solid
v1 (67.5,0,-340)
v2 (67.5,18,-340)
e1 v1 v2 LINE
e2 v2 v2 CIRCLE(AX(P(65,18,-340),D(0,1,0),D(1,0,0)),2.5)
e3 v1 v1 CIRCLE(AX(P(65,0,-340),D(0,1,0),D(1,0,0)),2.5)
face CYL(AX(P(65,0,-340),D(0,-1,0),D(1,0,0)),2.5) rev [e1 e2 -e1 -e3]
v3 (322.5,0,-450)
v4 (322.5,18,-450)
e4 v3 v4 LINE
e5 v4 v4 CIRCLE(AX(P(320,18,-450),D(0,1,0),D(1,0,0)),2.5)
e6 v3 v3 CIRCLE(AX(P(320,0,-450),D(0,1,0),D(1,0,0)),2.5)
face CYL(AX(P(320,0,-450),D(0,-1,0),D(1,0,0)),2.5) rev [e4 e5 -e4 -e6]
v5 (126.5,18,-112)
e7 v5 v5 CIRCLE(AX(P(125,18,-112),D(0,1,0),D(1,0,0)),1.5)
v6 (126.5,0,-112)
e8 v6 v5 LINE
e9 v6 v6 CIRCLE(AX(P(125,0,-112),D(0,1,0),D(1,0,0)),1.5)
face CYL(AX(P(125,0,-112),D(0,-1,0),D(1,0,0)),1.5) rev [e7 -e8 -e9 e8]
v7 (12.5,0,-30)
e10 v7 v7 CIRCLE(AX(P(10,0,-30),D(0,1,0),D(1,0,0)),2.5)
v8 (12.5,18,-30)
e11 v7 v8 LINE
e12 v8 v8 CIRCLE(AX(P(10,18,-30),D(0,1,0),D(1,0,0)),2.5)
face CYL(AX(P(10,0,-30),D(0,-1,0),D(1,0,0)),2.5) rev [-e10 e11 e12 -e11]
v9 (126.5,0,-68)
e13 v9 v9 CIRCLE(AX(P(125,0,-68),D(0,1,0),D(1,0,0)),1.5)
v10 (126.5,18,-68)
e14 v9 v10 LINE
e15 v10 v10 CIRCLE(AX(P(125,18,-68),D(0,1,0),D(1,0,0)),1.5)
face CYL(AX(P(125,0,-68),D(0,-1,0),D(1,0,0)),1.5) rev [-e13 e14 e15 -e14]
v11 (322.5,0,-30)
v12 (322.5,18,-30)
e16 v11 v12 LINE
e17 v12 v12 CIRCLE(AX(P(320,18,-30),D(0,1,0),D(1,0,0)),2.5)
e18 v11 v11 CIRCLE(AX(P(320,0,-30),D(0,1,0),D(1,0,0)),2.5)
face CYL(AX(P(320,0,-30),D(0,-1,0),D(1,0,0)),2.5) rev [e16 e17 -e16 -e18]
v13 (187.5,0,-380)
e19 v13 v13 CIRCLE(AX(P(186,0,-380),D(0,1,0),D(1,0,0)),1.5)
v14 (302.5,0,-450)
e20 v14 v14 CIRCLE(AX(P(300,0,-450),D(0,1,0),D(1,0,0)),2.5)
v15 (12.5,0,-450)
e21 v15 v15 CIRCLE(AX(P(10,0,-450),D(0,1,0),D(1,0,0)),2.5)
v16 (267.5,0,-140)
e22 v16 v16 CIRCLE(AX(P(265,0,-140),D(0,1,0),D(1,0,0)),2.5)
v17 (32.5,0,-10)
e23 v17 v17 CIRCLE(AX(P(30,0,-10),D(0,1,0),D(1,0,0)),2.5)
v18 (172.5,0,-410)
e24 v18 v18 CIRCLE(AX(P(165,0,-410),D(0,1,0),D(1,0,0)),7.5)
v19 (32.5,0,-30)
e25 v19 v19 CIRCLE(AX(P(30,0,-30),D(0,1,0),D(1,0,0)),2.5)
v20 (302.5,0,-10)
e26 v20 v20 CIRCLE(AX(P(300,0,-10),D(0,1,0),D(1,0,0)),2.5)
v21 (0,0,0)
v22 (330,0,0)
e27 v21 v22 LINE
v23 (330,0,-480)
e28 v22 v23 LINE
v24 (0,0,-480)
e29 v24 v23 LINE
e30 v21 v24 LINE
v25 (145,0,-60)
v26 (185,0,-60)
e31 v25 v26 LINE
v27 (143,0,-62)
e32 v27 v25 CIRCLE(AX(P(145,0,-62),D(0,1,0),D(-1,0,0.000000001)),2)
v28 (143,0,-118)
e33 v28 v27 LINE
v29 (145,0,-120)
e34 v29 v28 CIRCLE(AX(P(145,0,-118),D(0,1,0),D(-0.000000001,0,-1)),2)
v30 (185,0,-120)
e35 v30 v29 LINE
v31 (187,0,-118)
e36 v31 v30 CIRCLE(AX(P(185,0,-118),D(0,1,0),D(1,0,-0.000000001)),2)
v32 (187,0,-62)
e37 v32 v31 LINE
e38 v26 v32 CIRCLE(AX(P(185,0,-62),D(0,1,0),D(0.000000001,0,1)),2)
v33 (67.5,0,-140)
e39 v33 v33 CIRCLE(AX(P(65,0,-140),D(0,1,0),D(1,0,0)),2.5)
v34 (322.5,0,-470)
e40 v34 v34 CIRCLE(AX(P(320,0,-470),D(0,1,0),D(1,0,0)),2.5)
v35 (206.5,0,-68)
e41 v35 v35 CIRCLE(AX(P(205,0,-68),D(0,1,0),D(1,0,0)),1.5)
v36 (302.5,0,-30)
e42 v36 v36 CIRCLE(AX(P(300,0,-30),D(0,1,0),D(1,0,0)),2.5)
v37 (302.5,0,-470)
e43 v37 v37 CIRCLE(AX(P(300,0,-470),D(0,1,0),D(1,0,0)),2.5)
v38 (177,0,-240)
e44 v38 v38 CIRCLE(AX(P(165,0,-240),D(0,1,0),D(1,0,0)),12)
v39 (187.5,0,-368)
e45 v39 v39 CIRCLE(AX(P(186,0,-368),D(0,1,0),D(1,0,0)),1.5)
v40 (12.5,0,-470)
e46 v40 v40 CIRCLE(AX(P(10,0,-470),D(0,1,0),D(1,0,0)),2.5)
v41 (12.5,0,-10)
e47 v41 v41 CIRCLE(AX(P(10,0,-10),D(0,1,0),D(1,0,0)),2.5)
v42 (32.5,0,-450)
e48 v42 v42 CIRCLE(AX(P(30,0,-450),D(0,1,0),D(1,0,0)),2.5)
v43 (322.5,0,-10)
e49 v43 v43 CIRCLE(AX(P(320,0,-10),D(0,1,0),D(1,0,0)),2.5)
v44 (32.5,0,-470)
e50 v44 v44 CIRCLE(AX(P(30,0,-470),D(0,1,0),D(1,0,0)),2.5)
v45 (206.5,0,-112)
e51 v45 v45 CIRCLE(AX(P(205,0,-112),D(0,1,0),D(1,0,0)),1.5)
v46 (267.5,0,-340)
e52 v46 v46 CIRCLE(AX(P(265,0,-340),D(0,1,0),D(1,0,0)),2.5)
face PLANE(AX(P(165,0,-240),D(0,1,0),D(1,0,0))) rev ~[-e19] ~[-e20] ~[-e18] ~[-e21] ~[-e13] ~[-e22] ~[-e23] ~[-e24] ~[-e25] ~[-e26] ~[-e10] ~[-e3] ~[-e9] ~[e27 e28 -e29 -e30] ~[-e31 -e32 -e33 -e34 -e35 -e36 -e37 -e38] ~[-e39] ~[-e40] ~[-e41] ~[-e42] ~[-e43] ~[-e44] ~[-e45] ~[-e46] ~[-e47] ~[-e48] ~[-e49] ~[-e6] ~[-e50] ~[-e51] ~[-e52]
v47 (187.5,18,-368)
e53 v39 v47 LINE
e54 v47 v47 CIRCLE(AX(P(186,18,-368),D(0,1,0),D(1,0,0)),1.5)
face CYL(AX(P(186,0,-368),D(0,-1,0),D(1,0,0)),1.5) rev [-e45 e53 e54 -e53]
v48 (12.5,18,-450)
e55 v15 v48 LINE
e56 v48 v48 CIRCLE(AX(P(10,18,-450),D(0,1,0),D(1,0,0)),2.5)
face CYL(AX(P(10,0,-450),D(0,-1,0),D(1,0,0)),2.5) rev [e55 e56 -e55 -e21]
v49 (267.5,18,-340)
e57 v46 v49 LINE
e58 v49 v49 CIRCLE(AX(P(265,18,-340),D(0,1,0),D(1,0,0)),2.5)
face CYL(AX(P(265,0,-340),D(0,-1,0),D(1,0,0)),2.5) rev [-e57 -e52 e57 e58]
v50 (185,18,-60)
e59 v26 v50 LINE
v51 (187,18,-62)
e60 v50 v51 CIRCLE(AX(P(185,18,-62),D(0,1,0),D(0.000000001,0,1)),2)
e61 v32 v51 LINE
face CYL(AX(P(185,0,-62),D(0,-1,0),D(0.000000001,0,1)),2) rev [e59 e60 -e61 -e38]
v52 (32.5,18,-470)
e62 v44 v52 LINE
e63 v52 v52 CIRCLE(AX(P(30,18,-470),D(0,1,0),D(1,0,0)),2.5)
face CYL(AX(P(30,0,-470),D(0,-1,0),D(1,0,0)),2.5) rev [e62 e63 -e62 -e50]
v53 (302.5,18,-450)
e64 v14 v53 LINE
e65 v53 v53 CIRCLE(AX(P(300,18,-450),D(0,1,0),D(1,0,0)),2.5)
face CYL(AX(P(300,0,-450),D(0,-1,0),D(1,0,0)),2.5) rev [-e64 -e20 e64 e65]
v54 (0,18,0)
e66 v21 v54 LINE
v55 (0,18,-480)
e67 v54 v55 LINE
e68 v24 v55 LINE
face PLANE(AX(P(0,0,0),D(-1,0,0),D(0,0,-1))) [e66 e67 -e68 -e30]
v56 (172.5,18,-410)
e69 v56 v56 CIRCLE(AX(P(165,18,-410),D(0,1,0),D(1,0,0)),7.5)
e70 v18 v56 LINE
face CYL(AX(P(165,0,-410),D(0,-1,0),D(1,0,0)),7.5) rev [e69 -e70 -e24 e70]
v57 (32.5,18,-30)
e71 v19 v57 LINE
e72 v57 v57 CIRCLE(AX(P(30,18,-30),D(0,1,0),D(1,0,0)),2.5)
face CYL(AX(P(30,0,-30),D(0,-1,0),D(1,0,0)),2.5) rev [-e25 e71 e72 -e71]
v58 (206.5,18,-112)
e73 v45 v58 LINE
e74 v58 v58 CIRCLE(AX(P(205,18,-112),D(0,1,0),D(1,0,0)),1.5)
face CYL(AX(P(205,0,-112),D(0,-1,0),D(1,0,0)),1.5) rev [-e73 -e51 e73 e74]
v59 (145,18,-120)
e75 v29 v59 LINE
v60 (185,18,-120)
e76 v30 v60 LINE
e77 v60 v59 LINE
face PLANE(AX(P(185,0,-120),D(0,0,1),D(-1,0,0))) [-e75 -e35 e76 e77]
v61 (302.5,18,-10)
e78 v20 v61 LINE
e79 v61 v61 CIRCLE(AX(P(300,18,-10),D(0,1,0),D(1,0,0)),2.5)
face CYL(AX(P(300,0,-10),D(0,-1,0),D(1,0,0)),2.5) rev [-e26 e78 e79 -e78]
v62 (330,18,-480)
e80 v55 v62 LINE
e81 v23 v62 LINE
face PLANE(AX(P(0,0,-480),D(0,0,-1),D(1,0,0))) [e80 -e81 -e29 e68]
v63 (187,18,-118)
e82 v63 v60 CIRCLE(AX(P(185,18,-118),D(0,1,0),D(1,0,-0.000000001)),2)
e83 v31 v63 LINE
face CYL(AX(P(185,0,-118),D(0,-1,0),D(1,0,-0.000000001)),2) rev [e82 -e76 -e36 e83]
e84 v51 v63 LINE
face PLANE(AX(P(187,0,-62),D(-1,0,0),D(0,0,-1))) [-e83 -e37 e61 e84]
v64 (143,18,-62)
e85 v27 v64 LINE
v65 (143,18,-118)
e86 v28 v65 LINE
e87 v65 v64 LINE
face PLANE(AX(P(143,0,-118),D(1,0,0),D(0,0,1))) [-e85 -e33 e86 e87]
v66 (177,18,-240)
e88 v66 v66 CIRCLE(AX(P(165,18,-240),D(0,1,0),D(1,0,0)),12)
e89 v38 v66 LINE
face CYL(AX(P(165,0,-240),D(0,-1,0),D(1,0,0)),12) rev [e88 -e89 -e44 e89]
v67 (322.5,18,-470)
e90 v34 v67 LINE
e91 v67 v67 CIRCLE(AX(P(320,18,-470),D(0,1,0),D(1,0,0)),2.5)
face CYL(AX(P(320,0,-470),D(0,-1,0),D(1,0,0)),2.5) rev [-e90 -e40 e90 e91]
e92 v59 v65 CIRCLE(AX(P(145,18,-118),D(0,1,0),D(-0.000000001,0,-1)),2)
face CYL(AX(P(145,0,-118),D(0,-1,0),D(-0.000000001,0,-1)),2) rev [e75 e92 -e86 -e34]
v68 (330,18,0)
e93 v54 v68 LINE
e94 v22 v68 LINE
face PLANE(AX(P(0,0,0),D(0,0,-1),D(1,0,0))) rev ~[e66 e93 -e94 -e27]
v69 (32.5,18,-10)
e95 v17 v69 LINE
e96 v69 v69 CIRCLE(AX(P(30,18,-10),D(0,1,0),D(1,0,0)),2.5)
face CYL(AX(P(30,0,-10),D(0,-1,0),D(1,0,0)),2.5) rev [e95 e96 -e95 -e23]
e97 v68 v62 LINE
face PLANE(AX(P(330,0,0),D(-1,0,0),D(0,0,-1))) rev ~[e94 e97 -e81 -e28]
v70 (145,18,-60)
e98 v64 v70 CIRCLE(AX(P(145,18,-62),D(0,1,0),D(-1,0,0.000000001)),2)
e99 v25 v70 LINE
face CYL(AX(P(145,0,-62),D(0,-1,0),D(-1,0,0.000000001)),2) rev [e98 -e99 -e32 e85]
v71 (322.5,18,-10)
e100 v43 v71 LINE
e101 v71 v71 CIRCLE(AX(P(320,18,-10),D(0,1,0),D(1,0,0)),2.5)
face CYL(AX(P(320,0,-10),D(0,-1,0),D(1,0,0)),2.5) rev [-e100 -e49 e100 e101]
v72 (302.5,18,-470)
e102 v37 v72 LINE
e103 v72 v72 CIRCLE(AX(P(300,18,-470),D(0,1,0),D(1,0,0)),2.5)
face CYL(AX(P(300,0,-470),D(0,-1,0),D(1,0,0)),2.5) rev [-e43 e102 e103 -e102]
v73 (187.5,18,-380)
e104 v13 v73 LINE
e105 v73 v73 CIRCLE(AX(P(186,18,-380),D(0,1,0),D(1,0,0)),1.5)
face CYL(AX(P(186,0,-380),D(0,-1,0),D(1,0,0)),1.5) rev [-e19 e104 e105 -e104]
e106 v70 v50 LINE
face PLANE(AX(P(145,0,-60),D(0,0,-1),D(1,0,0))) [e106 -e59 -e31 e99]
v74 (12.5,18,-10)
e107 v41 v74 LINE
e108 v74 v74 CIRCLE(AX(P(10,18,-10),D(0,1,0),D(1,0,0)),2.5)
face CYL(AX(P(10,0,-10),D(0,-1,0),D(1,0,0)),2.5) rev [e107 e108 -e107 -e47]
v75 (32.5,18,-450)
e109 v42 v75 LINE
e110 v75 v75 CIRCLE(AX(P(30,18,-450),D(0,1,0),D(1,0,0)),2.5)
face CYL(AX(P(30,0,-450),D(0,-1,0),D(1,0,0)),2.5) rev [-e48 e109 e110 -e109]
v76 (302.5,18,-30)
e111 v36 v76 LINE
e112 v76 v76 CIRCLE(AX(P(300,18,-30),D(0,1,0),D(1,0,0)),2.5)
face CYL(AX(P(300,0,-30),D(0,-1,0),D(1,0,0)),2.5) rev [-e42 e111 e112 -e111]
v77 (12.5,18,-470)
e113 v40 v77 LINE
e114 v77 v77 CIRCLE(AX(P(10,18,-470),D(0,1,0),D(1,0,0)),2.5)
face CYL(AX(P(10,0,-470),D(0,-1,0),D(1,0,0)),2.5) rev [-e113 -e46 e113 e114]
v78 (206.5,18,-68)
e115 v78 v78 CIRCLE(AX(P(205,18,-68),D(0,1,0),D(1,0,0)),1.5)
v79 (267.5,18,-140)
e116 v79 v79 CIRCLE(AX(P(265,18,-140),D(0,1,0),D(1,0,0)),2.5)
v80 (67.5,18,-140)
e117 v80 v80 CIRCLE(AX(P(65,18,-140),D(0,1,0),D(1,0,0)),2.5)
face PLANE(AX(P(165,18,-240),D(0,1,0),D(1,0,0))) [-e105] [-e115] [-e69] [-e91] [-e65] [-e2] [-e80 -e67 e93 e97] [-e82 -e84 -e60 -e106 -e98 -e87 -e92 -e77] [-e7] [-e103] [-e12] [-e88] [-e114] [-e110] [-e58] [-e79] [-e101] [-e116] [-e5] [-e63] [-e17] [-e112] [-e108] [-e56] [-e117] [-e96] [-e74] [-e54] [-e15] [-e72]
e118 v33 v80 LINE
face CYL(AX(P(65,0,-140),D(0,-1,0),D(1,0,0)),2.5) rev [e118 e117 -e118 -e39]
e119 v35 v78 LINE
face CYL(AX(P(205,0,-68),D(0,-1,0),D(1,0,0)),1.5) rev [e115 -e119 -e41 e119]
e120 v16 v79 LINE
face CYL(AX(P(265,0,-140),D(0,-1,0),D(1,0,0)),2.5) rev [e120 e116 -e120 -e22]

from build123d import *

# Parameters (mm, degrees)
SKETCH1_W           = 330
SKETCH1_H           = 480
SKETCH1_R           = 2.5
SKETCH1_R_2         = 12
SKETCH1_R_3         = 1.5
SKETCH1_R_4         = 7.5
BOSS_EXTRUDE1_DEPTH = 18


with BuildPart() as part:
    # Sketch1 → Boss-Extrude1 (new body)
    with BuildSketch(Plane(origin=(0, 0, 0), x_dir=(1, 0, 0), z_dir=(0, 1, 0))):
        with Locations((165, 240)):
            Rectangle(SKETCH1_W, SKETCH1_H)
        with Locations((10, 10)):
            Circle(SKETCH1_R, mode=Mode.SUBTRACT)
        with Locations((30, 10)):
            Circle(SKETCH1_R, mode=Mode.SUBTRACT)
        with Locations((10, 30)):
            Circle(SKETCH1_R, mode=Mode.SUBTRACT)
        with Locations((30, 30)):
            Circle(SKETCH1_R, mode=Mode.SUBTRACT)
        with Locations((320, 30)):
            Circle(SKETCH1_R, mode=Mode.SUBTRACT)
        with Locations((320, 10)):
            Circle(SKETCH1_R, mode=Mode.SUBTRACT)
        with Locations((300, 10)):
            Circle(SKETCH1_R, mode=Mode.SUBTRACT)
        with Locations((300, 30)):
            Circle(SKETCH1_R, mode=Mode.SUBTRACT)
        with Locations((300, 470)):
            Circle(SKETCH1_R, mode=Mode.SUBTRACT)
        with Locations((320, 470)):
            Circle(SKETCH1_R, mode=Mode.SUBTRACT)
        with Locations((320, 450)):
            Circle(SKETCH1_R, mode=Mode.SUBTRACT)
        with Locations((300, 450)):
            Circle(SKETCH1_R, mode=Mode.SUBTRACT)
        with Locations((30, 470)):
            Circle(SKETCH1_R, mode=Mode.SUBTRACT)
        with Locations((10, 470)):
            Circle(SKETCH1_R, mode=Mode.SUBTRACT)
        with Locations((10, 450)):
            Circle(SKETCH1_R, mode=Mode.SUBTRACT)
        with Locations((30, 450)):
            Circle(SKETCH1_R, mode=Mode.SUBTRACT)
        with Locations((65, 140)):
            Circle(SKETCH1_R, mode=Mode.SUBTRACT)
        with Locations((65, 340)):
            Circle(SKETCH1_R, mode=Mode.SUBTRACT)
        with Locations((265, 140)):
            Circle(SKETCH1_R, mode=Mode.SUBTRACT)
        with Locations((265, 340)):
            Circle(SKETCH1_R, mode=Mode.SUBTRACT)
        with Locations((165, 240)):
            Circle(SKETCH1_R_2, mode=Mode.SUBTRACT)
        with Locations((125, 112)):
            Circle(SKETCH1_R_3, mode=Mode.SUBTRACT)
        with Locations((125, 68)):
            Circle(SKETCH1_R_3, mode=Mode.SUBTRACT)
        with Locations((205, 112)):
            Circle(SKETCH1_R_3, mode=Mode.SUBTRACT)
        with Locations((205, 68)):
            Circle(SKETCH1_R_3, mode=Mode.SUBTRACT)
        with Locations((186, 368)):
            Circle(SKETCH1_R_3, mode=Mode.SUBTRACT)
        with Locations((186, 380)):
            Circle(SKETCH1_R_3, mode=Mode.SUBTRACT)
        with Locations((165, 410)):
            Circle(SKETCH1_R_4, mode=Mode.SUBTRACT)
        with BuildLine():
            Line((145, 60), (185, 60))
            ThreePointArc((185, 60), (186.414213562, 60.585786438), (187, 62))
            Line((187, 62), (187, 118))
            ThreePointArc((187, 118), (186.414213562, 119.414213562), (185, 120))
            Line((185, 120), (145, 120))
            ThreePointArc((145, 120), (143.585786438, 119.414213562), (143, 118))
            Line((143, 118), (143, 62))
            ThreePointArc((143, 62), (143.585786438, 60.585786438), (145, 60))
        make_face(mode=Mode.SUBTRACT)
    extrude(amount=BOSS_EXTRUDE1_DEPTH)


solid = part.part
